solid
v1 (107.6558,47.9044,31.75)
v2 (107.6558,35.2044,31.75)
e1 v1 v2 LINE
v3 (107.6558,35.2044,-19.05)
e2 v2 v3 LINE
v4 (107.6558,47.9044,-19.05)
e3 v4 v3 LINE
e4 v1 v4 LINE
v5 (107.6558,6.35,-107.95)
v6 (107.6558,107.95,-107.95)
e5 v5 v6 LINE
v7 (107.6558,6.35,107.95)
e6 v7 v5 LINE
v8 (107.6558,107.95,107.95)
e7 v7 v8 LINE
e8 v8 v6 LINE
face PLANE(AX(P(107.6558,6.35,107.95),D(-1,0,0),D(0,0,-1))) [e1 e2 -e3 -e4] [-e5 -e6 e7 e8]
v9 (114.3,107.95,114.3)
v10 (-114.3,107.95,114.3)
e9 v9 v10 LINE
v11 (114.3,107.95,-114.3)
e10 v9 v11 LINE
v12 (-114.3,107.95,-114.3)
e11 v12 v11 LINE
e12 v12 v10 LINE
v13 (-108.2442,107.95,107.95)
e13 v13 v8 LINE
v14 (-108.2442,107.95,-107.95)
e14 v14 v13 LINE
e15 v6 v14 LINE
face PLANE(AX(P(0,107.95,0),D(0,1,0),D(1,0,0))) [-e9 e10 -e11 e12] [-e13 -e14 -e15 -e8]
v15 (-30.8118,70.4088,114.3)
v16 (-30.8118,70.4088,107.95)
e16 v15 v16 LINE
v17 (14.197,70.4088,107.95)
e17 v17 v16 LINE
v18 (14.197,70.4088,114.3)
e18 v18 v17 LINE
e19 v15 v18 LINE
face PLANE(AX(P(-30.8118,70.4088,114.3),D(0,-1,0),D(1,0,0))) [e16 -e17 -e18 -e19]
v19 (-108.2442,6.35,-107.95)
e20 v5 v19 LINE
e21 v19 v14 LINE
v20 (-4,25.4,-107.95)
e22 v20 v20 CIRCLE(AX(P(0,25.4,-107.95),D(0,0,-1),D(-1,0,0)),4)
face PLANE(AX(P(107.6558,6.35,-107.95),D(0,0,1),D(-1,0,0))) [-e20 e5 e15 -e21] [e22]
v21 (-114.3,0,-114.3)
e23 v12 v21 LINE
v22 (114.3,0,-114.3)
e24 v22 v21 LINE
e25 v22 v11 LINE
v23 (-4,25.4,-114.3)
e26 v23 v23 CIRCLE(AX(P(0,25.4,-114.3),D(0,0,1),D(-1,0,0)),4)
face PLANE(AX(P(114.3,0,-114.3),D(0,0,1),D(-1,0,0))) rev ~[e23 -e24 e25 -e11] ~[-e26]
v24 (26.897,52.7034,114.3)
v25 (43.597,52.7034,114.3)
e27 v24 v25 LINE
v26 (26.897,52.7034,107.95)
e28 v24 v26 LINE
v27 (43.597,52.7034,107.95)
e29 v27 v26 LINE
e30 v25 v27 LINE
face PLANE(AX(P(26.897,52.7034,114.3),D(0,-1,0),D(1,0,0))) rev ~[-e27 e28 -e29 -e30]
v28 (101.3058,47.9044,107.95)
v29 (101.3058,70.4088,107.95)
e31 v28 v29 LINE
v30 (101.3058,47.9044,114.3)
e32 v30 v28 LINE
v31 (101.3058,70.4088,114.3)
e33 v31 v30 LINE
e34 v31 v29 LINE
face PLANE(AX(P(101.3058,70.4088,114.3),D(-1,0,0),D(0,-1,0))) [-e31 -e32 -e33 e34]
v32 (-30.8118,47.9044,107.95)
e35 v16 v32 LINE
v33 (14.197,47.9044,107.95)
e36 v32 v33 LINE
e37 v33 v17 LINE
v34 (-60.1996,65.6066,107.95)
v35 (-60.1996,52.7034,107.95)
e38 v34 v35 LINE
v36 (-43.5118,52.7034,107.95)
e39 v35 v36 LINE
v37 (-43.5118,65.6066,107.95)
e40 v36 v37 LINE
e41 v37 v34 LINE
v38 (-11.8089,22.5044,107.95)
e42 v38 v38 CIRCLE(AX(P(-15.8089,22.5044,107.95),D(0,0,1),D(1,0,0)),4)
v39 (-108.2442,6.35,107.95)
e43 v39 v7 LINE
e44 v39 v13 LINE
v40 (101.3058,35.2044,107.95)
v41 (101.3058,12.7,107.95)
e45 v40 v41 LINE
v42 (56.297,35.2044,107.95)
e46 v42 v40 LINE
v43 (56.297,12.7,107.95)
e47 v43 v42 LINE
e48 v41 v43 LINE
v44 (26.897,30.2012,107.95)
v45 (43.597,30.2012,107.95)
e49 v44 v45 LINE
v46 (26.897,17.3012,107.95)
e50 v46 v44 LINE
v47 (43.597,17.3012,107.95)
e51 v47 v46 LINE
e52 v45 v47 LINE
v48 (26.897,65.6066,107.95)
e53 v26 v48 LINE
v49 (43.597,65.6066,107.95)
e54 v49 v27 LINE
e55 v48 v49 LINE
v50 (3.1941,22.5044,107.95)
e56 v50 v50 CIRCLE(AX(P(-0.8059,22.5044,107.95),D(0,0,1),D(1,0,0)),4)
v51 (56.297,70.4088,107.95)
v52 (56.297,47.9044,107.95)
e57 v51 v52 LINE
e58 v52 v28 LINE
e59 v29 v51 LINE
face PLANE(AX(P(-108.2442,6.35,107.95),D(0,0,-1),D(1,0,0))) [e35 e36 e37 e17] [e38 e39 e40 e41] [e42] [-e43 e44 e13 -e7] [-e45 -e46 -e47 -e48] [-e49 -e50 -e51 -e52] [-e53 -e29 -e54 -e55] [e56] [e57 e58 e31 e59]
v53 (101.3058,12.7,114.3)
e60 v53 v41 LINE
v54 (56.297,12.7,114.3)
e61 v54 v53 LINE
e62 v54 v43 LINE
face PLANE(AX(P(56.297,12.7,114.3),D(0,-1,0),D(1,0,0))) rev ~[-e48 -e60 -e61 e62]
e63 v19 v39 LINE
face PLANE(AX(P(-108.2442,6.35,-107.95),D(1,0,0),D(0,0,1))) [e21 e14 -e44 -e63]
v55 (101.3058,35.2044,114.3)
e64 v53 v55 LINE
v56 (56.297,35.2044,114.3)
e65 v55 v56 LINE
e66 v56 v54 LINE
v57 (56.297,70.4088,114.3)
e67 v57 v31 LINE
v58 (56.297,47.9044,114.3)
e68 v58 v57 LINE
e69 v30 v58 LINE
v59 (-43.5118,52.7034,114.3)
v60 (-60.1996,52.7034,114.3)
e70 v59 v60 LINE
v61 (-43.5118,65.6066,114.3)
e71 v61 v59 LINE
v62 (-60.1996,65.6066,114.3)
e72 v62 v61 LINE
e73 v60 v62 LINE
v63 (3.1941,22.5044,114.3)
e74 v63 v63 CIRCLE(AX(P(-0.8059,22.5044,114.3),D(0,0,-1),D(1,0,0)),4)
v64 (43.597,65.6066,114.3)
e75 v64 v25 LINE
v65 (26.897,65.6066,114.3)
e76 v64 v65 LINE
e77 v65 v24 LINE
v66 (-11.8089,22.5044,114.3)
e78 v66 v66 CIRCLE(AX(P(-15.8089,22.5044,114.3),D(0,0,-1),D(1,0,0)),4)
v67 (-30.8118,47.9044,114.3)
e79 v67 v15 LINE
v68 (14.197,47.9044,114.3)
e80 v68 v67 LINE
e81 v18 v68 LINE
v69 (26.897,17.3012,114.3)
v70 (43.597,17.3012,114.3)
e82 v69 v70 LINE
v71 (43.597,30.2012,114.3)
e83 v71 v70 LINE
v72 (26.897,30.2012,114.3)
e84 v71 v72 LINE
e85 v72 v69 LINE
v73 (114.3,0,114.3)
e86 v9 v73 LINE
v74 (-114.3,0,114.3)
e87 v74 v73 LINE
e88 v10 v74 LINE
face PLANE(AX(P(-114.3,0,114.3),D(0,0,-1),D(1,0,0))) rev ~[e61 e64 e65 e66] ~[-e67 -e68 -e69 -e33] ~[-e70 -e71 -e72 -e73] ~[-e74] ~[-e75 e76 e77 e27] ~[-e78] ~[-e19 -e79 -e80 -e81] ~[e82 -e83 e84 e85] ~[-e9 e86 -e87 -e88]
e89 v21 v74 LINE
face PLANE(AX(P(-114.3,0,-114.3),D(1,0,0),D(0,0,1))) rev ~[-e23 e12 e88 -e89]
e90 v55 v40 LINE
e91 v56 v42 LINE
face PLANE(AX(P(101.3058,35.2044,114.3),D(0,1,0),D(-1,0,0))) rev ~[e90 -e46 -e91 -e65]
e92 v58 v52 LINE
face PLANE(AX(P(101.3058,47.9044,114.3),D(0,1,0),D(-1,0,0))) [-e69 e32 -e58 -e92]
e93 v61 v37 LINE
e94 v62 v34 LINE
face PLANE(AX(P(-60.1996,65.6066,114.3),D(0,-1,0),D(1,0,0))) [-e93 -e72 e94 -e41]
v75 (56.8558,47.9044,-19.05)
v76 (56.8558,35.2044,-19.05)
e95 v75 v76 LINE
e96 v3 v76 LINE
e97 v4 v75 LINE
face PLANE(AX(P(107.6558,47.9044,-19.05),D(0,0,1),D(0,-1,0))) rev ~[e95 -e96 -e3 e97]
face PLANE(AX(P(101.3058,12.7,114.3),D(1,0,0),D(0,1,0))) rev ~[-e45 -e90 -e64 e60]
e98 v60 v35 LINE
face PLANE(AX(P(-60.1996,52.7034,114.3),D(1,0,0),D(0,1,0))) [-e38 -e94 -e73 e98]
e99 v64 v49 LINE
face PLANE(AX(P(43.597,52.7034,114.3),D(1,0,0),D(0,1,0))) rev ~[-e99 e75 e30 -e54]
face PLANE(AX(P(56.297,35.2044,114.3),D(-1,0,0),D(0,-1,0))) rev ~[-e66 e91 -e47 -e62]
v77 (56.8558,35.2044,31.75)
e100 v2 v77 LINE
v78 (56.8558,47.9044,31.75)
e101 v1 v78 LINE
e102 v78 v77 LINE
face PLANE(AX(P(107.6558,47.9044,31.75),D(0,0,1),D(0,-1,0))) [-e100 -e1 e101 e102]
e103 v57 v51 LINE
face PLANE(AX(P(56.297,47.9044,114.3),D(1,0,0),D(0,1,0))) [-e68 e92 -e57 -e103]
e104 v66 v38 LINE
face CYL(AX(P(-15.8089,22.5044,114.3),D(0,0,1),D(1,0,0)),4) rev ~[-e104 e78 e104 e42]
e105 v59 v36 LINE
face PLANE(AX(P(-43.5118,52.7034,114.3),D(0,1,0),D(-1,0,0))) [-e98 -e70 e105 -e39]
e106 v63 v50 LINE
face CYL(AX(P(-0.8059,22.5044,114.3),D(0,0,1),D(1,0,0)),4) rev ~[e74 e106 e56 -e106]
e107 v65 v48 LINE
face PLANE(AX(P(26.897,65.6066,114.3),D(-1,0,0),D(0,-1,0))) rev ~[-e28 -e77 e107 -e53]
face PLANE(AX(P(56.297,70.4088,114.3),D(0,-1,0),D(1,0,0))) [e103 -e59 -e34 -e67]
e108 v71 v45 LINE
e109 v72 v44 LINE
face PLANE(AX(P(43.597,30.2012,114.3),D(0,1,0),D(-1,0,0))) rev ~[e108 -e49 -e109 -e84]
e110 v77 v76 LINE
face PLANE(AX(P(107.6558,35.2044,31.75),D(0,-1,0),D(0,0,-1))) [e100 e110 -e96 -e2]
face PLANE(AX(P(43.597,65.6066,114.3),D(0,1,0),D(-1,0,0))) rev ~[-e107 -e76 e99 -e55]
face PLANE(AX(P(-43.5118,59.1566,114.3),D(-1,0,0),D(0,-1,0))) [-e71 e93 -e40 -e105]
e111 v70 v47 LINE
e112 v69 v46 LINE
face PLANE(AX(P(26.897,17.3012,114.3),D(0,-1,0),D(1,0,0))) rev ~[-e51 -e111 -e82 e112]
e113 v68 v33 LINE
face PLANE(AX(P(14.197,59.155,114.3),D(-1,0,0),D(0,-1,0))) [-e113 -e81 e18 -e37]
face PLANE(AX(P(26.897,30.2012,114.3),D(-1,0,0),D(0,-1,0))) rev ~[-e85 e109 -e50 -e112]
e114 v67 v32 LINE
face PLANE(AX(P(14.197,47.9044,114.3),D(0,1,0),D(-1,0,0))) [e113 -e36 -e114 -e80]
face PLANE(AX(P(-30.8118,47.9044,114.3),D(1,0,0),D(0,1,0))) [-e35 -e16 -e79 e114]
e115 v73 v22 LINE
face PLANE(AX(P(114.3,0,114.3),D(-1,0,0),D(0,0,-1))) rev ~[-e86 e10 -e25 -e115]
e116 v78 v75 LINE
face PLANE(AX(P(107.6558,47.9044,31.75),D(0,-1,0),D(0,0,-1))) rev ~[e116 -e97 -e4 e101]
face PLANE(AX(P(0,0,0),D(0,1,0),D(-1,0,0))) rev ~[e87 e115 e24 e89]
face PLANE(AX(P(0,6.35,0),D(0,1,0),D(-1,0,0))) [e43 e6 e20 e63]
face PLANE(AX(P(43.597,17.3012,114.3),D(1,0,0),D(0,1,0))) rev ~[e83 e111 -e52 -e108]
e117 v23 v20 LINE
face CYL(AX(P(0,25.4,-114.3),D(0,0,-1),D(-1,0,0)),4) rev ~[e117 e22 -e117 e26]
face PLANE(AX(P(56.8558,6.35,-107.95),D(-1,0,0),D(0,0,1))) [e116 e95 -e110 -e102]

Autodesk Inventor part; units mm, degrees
ref_plane "YZ Plane" through (0, 0, 0) normal (1, 0, 0) x (0, 1, 0)
ref_plane "XZ Plane" through (0, 0, 0) normal (0, 1, 0) x (-1, 0, 0)
ref_plane "XY Plane" through (0, 0, 0) normal (0, 0, 1) x (1, 0, 0)
sketch "Sketch1" plane through (0, 0, 0) normal (0, 1, 0) x (-1, 0, 0)
  line L0 (0, 0) -> (-114.3, 0)
  line L1 (-114.3, 0) -> (-114.3, -114.3)
  line L2 (-114.3, -114.3) -> (114.3, -114.3)
  line L3 (114.3, -114.3) -> (114.3, 114.3)
  line L4 (114.3, 114.3) -> (-114.3, 114.3)
  line L5 (-114.3, 114.3) -> (-114.3, 0)
  dimension "d0" = 114.3
  dimension "d1" = 114.3
  dimension "d2" = 228.6
  dimension "d3" = 228.6
  dimension "d4" = 90
extrude "Extrusion1" add sketch "Sketch1" along normal blind 6.35
sketch "Sketch3" plane through (0, 6.35, 0) normal (0, 1, 0) x (1, 0, 0)
  line L0 (114.3, 114.3) -> (-114.3, 114.3) projected
  line L1 (-114.3, 114.3) -> (-108.2442, 114.3)
  line L2 (-108.2442, 114.3) -> (-108.2442, -114.3)
  line L3 (-108.2442, 114.3) -> (120.3558, 114.3) construction
  line L4 (-108.2442, -114.3) -> (-108.2442, -107.95)
  line L5 (-108.2442, -107.95) -> (107.6558, -107.95)
  line L6 (107.6558, -107.95) -> (107.6558, 107.95)
  line L7 (107.6558, 107.95) -> (-108.2442, 107.95)
  line L8 (-114.3, 114.3) -> (-114.3, -114.3) projected
  line L9 (-114.3, -114.3) -> (114.3, -114.3) projected
  line L10 (114.3, -114.3) -> (114.3, 114.3) projected
  point P0 (0, 0)
  dimension "d19" = 228.6
  dimension "d20" = 90
  dimension "d21" = 6.35
  dimension "d22" = 215.9
  dimension "d23" = 215.9
extrude "Extrusion3" add sketch "Sketch3" along normal blind 101.6 contours L10 L9 L2 L5 L6 L7 L0 | L2 L9 L8 L0
sketch "Sketch4" plane through (-114.3, 0, 114.3) normal (0, 0, 1) x (1, 0, 0)
  line L0 (221.9558, 6.35) -> (221.9558, 107.95) projected
  line L1 (221.9558, 107.95) -> (221.9558, 44.45)
  line L2 (221.9558, 6.35) -> (6.0558, 6.35) projected
  line L3 (221.9558, 6.35) -> (221.9558, 12.7)
  line L4 (221.9558, 6.35) -> (221.9558, 107.95) projected
  line L5 (221.9558, 12.7) -> (215.6058, 12.7)
  line L6 (215.6058, 12.7) -> (215.6058, 35.2044)
  line L7 (215.6058, 35.2044) -> (170.597, 35.2044)
  line L8 (170.597, 35.2044) -> (170.597, 12.7)
  line L9 (170.597, 12.7) -> (215.6058, 12.7)
  line L10 (170.597, 12.7) -> (157.897, 12.7)
  line L11 (157.897, 12.7) -> (157.897, 35.2044)
  line L12 (157.897, 35.2044) -> (112.8882, 35.2044)
  line L13 (112.8882, 35.2044) -> (112.8882, 12.7)
  line L14 (112.8882, 12.7) -> (157.897, 12.7)
  line L15 (112.8882, 35.2044) -> (100.1882, 35.2044)
  line L16 (100.1882, 35.2044) -> (100.1882, 12.7)
  line L17 (100.1882, 12.7) -> (55.1794, 12.7)
  line L18 (55.1794, 12.7) -> (55.1794, 35.2044)
  line L19 (55.1794, 35.2044) -> (100.1882, 35.2044)
  line L20 (215.6058, 35.2044) -> (215.6058, 47.9044)
  line L21 (215.6058, 47.9044) -> (170.597, 47.9044)
  line L22 (170.597, 47.9044) -> (170.597, 70.4088)
  line L23 (170.597, 70.4088) -> (215.6058, 70.4088)
  line L24 (215.6058, 70.4088) -> (215.6058, 47.9044)
  line L25 (215.6058, 70.4088) -> (215.6058, 83.1088)
  point P0 (114.3, 0)
  point P1 (215.6058, 105.6132)
  point P2 (170.597, 105.6132)
  point P3 (170.597, 83.1088)
  dimension "d34" = 6.35
  dimension "d35" = 6.35
  dimension "d36" = 22.5044
  dimension "d37" = 45.0088
  dimension "d38" = 12.7
  dimension "d39" = 45.0088
  dimension "d40" = 12.7
  dimension "d41" = 45.0088
  dimension "d44" = 12.7
  dimension "d45" = 22.5044
  dimension "d46" = 12.7
  dimension "d47" = 22.5044
sketch "Sketch9" plane through (-114.3, 0, 114.3) normal (0, 0, 1) x (1, 0, 0)
  line L0 (170.597, 47.9044) -> (170.597, 70.4088) projected
  line L1 (170.597, 70.4088) -> (170.597, 59.1566)
  line L2 (170.597, 59.1566) -> (157.897, 59.1566)
  line L3 (170.597, 35.0034) -> (170.597, 23.7512)
  line L4 (170.597, 23.7512) -> (157.897, 23.7512)
  line L5 (157.897, 59.1566) -> (157.897, 65.6066)
  line L6 (157.897, 65.6066) -> (141.197, 65.6066)
  line L7 (141.197, 65.6066) -> (141.197, 52.7034)
  line L8 (141.197, 52.7034) -> (157.897, 52.7034)
  line L9 (157.897, 52.7034) -> (157.897, 59.1566)
  line L10 (157.897, 23.7512) -> (157.897, 30.2012)
  line L11 (157.897, 30.2012) -> (141.197, 30.2012)
  line L12 (141.197, 30.2012) -> (141.197, 17.3012)
  line L13 (141.197, 17.3012) -> (157.897, 17.3012)
  line L14 (157.897, 17.3012) -> (157.897, 23.7512)
  point P0 (114.3, 0)
  point P1 (170.597, 105.6132)
  dimension "d64" = 11.2522
  dimension "d65" = 12.7
  dimension "d67" = 11.2522
  dimension "d68" = 12.7
  dimension "d82" = 6.45
  dimension "d83" = 12.9032
  dimension "d84" = 6.45
  dimension "d85" = 12.9
extrude "Extrusion4" cut sketch "Sketch4" against normal blind 114.3 contours L9 L8 L7 L6 | L21 L22 L23 L24
extrude "Extrusion6" cut sketch "Sketch9" against normal blind 114.3
sketch "Sketch14" plane through (-108.2442, 6.35, 107.95) normal (1, 0, 0) x (0, 0, -1)
  line L0 (215.9, 0) -> (0, 0) projected
  line L1 (0, 0) -> (0, 101.6) projected
  line L2 (-6.35, 101.6) -> (0, 101.6)
  line L3 (0, 101.6) -> (215.9, 101.6) projected
  line L4 (215.9, 0) -> (215.9, 101.6) projected
  line L5 (215.9, 66.675) -> (215.9, 9.525)
  line L6 (215.9, 66.675) -> (203.2, 66.675)
  line L7 (203.2, 66.675) -> (203.2, 9.525)
  line L8 (203.2, 9.525) -> (158.75, 9.525)
  line L9 (158.75, 9.525) -> (158.75, 66.675)
  line L10 (158.75, 66.675) -> (203.2, 66.675)
  line L11 (158.75, 66.675) -> (146.05, 66.675)
  line L12 (146.05, 66.675) -> (146.05, 9.525)
  line L13 (146.05, 9.525) -> (101.6, 9.525)
  line L14 (101.6, 9.525) -> (101.6, 66.675)
  line L15 (101.6, 66.675) -> (146.05, 66.675)
  line L16 (101.6, 66.675) -> (88.9, 66.675)
  line L17 (88.9, 66.675) -> (88.9, 9.525)
  line L18 (88.9, 9.525) -> (44.45, 9.525)
  line L19 (44.45, 9.525) -> (44.45, 66.675)
  line L20 (44.45, 66.675) -> (88.9, 66.675)
  line L21 (203.2, 66.675) -> (180.975, 66.675)
  line L22 (180.975, 66.675) -> (180.975, 61.675)
  line L23 (180.975, 9.525) -> (180.975, 14.525)
  circle A0 centre (180.975, 61.675) radius 2.54
  circle A1 centre (180.975, 14.525) radius 2.54
  line L24 (123.825, 66.675) -> (123.825, 61.675)
  line L25 (123.825, 9.525) -> (123.825, 14.525)
  circle A2 centre (123.825, 61.675) radius 2.54
  circle A3 centre (123.825, 14.525) radius 2.54
  line L26 (66.675, 66.675) -> (66.675, 61.675)
  line L27 (66.675, 9.525) -> (66.675, 14.525)
  circle A4 centre (66.675, 61.675) radius 2.54
  circle A5 centre (66.675, 14.525) radius 2.54
  point P0 (107.95, -6.35)
  dimension "d123" = 57.15
  dimension "d124" = 12.7
  dimension "d125" = 44.45
  dimension "d126" = 12.7
  dimension "d127" = 44.45
  dimension "d128" = 12.7
  dimension "d129" = 44.45
  dimension "d139" = 22.225
  dimension "d140" = 5
  dimension "d141" = 5
  dimension "d142" = 5.08
  dimension "d143" = 5.08
  dimension "d144" = 5
  dimension "d145" = 5
  dimension "d146" = 5.08
  dimension "d147" = 5.08
  dimension "d148" = 5
  dimension "d149" = 5
  dimension "d150" = 5.08
  dimension "d151" = 5.08
sketch "Sketch15" plane through (-114.3, 0, 114.3) normal (0, 0, 1) x (1, 0, 0)
  line L0 (141.197, 65.6066) -> (141.197, 52.7034) projected
  line L1 (141.197, 59.155) -> (128.497, 59.155)
  line L2 (128.497, 59.155) -> (128.497, 70.4088)
  line L3 (128.497, 70.4088) -> (128.497, 47.9044)
  line L4 (215.6058, 47.9044) -> (170.597, 47.9044) projected
  line L5 (128.497, 47.9044) -> (83.4882, 47.9044)
  line L6 (83.4882, 47.9044) -> (83.4882, 70.4088)
  line L7 (83.4882, 70.4088) -> (128.497, 70.4088)
  line L8 (83.4882, 59.1566) -> (70.7882, 59.1566)
  line L9 (70.7882, 59.1566) -> (70.7882, 65.6066)
  line L10 (70.7882, 65.6066) -> (70.7882, 52.7034)
  line L11 (70.7882, 52.7034) -> (70.7882, 59.1566)
  line L12 (70.7882, 52.7034) -> (54.1004, 52.7034)
  line L13 (54.1004, 52.7034) -> (54.1004, 65.6066)
  line L14 (54.1004, 65.6066) -> (70.7882, 65.6066)
  point P0 (114.3, 0)
  dimension "d115" = 12.7
  dimension "d116" = 45.0088
  dimension "d117" = 12.7
  dimension "d118" = 16.6878
extrude "Extrusion9" cut sketch "Sketch15" against normal blind 114.3
sketch "Sketch16" plane through (-114.3, 0, 114.3) normal (0, 0, 1) x (1, 0, 0)
  line L0 (83.4882, 70.4088) -> (83.4882, 47.9044) projected
  line L1 (83.4882, 47.9044) -> (98.4911, 47.9044)
  line L2 (98.4911, 47.9044) -> (113.4941, 47.9044)
  line L3 (128.497, 47.9044) -> (83.4882, 47.9044) projected
  line L4 (113.4941, 47.9044) -> (128.497, 47.9044)
  line L5 (98.4911, 47.9044) -> (98.4911, 22.5044)
  line L6 (113.4941, 47.9044) -> (113.4941, 22.5044)
  circle A0 centre (98.4911, 22.5044) radius 4
  circle A1 centre (113.4941, 22.5044) radius 4
  point P0 (114.3, 0)
  dimension "d130" = 15.0029
  dimension "d131" = 15.0029
  dimension "d132" = 15.0029
  dimension "d133" = 25.4
  dimension "d134" = 25.4
  dimension "d135" = 8
  dimension "d136" = 8
extrude "Extrusion10" cut sketch "Sketch16" against normal blind 76.2
sketch "Sketch17" plane through (0, 6.35, 0) normal (0, 1, 0) x (1, 0, 0)
  line L0 (107.6558, -107.95) -> (94.9558, -107.95)
  line L1 (107.6558, 107.95) -> (107.6558, -107.95) projected
  line L2 (107.6558, -107.95) -> (120.3558, -107.95) construction
  line L3 (94.9558, -6.35) -> (94.9558, 19.05)
  line L4 (94.9558, 19.05) -> (94.9558, 44.45)
  line L5 (94.9558, 44.45) -> (94.9558, 69.85)
  line L6 (94.9558, 69.85) -> (94.9558, 95.25)
  circle A0 centre (94.9558, -6.35) radius 2.54
  circle A1 centre (94.9558, 19.05) radius 2.54
  circle A2 centre (94.9558, 44.45) radius 2.54
  circle A3 centre (94.9558, 69.85) radius 2.54
  line L7 (-108.2442, -107.95) -> (-82.8442, -107.95)
  line L8 (107.6558, -107.95) -> (-108.2442, -107.95) projected
  line L9 (-82.8442, -107.95) -> (-82.8442, -95.25)
  line L10 (-82.8442, -95.25) -> (-82.8442, -82.55)
  line L11 (-82.8442, -82.55) -> (-82.8442, -69.85)
  circle A4 centre (-82.8442, -95.25) radius 2.54
  circle A5 centre (-82.8442, -82.55) radius 2.54
  circle A6 centre (-82.8442, -69.85) radius 2.54
  point P0 (0, 0)
  dimension "d152" = 12.7
  dimension "d153" = 180
  dimension "d159" = 25.4
  dimension "d161" = 25.4
  dimension "d162" = 25.4
  dimension "d163" = 25.4
  dimension "d164" = 5.08
  dimension "d165" = 5.08
  dimension "d166" = 5.08
  dimension "d167" = 5.08
  dimension "d173" = 25.4
  dimension "d174" = 12.7
  dimension "d175" = 12.7
  dimension "d176" = 12.7
  dimension "d177" = 5.08
  dimension "d178" = 5.08
  dimension "d179" = 5.08
sketch "Sketch18" plane through (0, 6.35, 0) normal (0, 1, 0) x (1, 0, 0)
  line L0 (-8.3074, -72.1776) -> (-8.3074, -114.3)
  line L1 (14.197, -114.3) -> (-30.8118, -114.3) projected
  line L2 (-8.3074, -114.3) -> (-8.3074, 38.1)
  line L3 (-8.3074, 38.1) -> (-33.7074, 38.1)
  line L4 (-33.7074, 38.1) -> (17.0926, 38.1)
  circle A0 centre (-33.7074, 38.1) radius 2.54
  circle A1 centre (-8.3074, 38.1) radius 2.54
  circle A2 centre (17.0926, 38.1) radius 2.54
  point P0 (0, 0)
  dimension "d180" = 152.4
  dimension "d181" = 25.4
  dimension "d182" = 50.8
  dimension "d183" = 5.08
  dimension "d184" = 5.08
  dimension "d185" = 5.08
sketch "Sketch19" plane through (107.6558, 6.35, -107.95) normal (-1, 0, 0) x (0, 0, 1)
  line L0 (215.9, 41.5544) -> (88.9, 41.5544)
  line L1 (88.9, 41.5544) -> (139.7, 41.5544)
  line L2 (215.9, 28.8544) -> (88.9, 28.8544)
  line L3 (88.9, 28.8544) -> (139.7, 28.8544)
  line L4 (139.7, 41.5544) -> (139.7, 28.8544)
  line L5 (88.9, 41.5544) -> (88.9, 28.8544)
  point P0 (107.95, -6.35)
  dimension "d186" = 127
  dimension "d187" = 50.8
  dimension "d188" = 127
extrude "Extrusion11" add sketch "Sketch19" along normal blind 50.8
sketch "Sketch21" plane through (114.3, 0, -114.3) normal (0, 0, -1) x (-1, 0, 0)
  line L0 (114.3, 0) -> (114.3, 25.4)
  arc A0 (114.3, 25.4) -> (46.4215, 144.8435) centre (-24.7297, 25.4) ccw
  circle A1 centre (114.3, 25.4) radius 2.54
  circle A2 centre (114.3, 25.4) radius 4
  dimension "d195" = 25.4
  dimension "d196" = 5.08
  dimension "d197" = 8
extrude "Extrusion13" cut sketch "Sketch21" against normal blind 50.8
properties part number "box thin walled"
